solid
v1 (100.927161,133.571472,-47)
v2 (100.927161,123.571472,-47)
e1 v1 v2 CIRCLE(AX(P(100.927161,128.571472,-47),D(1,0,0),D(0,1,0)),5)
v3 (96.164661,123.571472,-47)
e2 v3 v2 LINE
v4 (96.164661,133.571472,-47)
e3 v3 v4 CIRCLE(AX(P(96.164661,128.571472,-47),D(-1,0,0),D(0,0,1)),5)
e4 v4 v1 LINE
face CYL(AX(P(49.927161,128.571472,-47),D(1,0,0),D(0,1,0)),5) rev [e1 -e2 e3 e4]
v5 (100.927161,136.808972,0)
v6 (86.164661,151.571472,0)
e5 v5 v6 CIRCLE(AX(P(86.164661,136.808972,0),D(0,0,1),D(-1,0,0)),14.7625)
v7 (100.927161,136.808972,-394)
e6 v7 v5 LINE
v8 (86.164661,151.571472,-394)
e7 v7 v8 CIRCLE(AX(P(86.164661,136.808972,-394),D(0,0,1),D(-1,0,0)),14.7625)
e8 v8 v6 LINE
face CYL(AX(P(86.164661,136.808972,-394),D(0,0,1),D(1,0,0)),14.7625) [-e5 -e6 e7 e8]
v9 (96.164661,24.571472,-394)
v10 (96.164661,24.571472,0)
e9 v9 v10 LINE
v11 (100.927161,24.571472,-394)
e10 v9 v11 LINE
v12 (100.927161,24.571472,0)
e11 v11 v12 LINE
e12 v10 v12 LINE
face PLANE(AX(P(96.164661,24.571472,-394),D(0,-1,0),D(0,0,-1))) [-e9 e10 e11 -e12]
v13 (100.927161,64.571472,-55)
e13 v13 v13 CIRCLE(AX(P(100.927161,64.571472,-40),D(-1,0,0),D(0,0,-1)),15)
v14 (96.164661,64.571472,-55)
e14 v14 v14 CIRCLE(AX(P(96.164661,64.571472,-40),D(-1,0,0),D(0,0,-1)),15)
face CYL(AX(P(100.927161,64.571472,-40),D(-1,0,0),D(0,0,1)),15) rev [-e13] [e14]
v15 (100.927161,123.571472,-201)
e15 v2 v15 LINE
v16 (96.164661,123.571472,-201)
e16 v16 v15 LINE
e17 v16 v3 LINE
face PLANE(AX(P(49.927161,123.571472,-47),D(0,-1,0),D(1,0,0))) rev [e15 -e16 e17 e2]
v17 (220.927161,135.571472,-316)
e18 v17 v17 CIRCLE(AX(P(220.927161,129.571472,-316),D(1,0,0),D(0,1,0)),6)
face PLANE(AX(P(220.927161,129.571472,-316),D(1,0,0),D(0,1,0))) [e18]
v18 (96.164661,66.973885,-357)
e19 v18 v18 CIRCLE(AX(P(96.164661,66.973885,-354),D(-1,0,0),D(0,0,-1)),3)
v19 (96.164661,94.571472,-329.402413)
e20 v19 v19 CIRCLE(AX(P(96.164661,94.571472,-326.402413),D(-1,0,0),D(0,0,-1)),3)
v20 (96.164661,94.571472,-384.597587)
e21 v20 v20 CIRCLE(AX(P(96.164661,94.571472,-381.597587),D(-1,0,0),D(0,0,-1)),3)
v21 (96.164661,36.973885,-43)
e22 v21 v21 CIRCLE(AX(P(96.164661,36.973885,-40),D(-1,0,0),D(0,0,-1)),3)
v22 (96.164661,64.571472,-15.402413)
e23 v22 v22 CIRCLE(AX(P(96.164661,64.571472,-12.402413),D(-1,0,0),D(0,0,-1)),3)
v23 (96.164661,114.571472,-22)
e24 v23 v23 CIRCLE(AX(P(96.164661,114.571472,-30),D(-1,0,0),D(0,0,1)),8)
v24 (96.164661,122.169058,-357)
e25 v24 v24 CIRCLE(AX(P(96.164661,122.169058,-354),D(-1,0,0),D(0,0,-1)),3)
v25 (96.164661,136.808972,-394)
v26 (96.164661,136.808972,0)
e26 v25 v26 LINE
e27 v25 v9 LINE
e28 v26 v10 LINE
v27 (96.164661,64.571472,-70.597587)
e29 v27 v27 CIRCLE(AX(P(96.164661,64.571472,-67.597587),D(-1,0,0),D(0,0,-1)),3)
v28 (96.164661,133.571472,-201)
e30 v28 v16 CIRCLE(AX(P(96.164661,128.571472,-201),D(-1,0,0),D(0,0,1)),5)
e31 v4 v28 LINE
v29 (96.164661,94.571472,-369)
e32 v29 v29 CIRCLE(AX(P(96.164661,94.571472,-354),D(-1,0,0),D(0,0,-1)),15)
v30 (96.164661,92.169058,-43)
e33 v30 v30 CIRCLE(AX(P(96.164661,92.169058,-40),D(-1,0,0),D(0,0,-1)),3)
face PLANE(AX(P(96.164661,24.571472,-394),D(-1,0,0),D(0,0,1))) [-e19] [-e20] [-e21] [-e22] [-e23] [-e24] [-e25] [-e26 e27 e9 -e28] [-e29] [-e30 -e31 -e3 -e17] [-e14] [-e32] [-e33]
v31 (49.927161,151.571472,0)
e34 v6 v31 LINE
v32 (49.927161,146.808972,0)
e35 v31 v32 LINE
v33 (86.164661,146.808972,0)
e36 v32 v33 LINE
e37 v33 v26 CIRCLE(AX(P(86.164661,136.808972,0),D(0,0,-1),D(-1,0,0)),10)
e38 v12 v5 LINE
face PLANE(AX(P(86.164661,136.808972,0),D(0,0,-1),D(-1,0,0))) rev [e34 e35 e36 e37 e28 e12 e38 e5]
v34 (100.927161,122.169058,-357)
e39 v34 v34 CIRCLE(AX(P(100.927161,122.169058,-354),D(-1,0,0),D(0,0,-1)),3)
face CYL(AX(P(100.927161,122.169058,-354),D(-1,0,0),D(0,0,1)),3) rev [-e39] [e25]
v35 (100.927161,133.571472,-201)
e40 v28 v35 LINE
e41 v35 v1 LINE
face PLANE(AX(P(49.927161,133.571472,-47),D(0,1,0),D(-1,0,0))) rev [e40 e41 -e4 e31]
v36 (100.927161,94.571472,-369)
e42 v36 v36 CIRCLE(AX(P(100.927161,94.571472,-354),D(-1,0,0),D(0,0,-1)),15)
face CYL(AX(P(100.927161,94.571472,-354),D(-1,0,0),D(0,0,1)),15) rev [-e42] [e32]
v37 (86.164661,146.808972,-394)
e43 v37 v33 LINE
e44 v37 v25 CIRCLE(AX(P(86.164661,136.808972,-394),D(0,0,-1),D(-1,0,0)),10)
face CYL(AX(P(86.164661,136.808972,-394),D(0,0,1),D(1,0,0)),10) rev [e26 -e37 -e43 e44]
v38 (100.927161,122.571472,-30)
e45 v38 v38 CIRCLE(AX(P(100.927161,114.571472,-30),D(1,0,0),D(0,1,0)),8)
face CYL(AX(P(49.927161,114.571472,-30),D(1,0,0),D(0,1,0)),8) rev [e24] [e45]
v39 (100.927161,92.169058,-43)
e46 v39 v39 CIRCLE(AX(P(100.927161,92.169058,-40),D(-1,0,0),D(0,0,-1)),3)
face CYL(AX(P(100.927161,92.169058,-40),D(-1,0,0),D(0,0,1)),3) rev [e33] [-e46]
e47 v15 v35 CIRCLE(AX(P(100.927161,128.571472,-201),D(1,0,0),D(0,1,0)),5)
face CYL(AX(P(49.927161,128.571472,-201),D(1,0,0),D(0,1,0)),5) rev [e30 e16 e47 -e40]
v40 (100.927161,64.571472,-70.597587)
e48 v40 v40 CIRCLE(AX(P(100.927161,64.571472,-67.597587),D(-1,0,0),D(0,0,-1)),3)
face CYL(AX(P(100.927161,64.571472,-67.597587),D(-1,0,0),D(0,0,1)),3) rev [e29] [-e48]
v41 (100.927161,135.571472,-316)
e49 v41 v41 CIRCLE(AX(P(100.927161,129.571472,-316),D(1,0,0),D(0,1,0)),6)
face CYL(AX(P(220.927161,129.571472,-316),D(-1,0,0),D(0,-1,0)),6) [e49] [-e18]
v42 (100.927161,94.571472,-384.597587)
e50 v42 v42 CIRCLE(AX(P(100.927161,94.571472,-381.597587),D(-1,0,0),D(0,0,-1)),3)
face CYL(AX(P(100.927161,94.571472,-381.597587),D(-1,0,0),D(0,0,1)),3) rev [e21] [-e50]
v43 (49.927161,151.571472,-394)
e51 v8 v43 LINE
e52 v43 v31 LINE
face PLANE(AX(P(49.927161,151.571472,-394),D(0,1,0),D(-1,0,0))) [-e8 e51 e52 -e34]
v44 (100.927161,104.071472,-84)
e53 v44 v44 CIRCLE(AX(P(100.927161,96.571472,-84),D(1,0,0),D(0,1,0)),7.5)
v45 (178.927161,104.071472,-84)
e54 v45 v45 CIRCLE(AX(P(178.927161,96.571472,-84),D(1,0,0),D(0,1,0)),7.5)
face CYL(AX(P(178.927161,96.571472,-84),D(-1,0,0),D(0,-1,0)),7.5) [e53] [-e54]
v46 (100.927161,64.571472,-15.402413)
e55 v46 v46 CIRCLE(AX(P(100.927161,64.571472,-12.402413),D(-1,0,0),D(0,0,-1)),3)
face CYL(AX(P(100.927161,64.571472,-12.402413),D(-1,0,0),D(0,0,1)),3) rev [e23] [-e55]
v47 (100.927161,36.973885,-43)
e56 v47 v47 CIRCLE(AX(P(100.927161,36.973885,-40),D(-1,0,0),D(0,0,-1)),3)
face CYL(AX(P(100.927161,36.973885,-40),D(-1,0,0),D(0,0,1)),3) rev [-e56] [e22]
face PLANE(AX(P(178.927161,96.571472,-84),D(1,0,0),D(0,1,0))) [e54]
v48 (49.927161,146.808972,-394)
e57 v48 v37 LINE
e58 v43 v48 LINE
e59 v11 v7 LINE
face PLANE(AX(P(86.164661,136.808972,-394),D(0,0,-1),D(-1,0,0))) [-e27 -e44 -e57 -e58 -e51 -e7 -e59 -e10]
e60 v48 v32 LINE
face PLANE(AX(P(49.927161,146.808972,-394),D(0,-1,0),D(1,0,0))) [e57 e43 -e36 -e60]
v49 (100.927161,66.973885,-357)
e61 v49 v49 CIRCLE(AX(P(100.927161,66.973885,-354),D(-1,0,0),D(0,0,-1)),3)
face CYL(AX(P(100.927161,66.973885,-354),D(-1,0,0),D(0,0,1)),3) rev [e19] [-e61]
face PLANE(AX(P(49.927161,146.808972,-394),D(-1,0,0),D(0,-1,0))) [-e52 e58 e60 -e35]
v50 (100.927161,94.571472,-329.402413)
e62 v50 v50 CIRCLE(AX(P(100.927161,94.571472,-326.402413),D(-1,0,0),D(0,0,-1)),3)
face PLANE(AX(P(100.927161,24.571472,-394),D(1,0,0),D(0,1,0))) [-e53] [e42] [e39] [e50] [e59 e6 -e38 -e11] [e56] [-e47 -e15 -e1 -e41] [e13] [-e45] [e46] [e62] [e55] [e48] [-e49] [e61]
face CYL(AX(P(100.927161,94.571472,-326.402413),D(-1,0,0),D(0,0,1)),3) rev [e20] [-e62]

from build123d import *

# Parameters (mm, degrees)
SALIENTE_EXTRUIR1_DEPTH = 394
CROQUIS2_R              = 3
CROQUIS2_R_2            = 15
CORTAR_EXTRUIR1_DEPTH   = 425.673777624
CROQUIS4_R              = 8
CORTAR_EXTRUIR3_DEPTH   = 426.218662567
CROQUIS5_R              = 7.5
SALIENTE_EXTRUIR2_DEPTH = 78
CROQUIS6_R              = 6
SALIENTE_EXTRUIR3_DEPTH = 120
CORTAR_EXTRUIR4_DEPTH   = 439.873456699


with BuildPart() as part:
    # Croquis1 → Saliente-Extruir1 (new body)
    with BuildSketch(Plane.XY):
        with BuildLine():
            Line((96.164660939, 24.571471574), (100.927160939, 24.571471574))
            Line((100.927160939, 24.571471574), (100.927160939, 136.808971574))
            ThreePointArc((100.927160939, 136.808971574), (96.603324796, 147.247635431), (86.164660939, 151.571471574))
            Line((86.164660939, 151.571471574), (49.927160939, 151.571471574))
            Line((49.927160939, 151.571471574), (49.927160939, 146.808971574))
            Line((49.927160939, 146.808971574), (86.164660939, 146.808971574))
            ThreePointArc((86.164660939, 146.808971574), (93.235728751, 143.880039386), (96.164660939, 136.808971574))
            Line((96.164660939, 136.808971574), (96.164660939, 24.571471574))
        make_face()
    extrude(amount=-SALIENTE_EXTRUIR1_DEPTH)

    # Croquis2 → Cortar-Extruir1 (cut, through all)
    with BuildSketch(Plane.ZY.offset(-96.164660939)):
        with Locations(Location((-40, 36.973884985, 0), (0, 0, 180))):
            Circle(CROQUIS2_R)
        with Locations(Location((-12.402413411, 64.571471574, 0), (0, 0, 180))):
            Circle(CROQUIS2_R)
        with Locations(Location((-67.597586589, 64.571471574, 0), (0, 0, 180))):
            Circle(CROQUIS2_R)
        with Locations(Location((-40, 92.169058163, 0), (0, 0, 180))):
            Circle(CROQUIS2_R)
        with Locations(Location((-40, 64.571471574, 0), (0, 0, 180))):
            Circle(CROQUIS2_R_2)
        with Locations(Location((-326.402413411, 94.571471574, 0), (0, 0, 180))):
            Circle(CROQUIS2_R)
        with Locations(Location((-354, 66.973884985, 0), (0, 0, 180))):
            Circle(CROQUIS2_R)
        with Locations(Location((-354, 94.571471574, 0), (0, 0, 180))):
            Circle(CROQUIS2_R_2)
        with Locations(Location((-381.597586589, 94.571471574, 0), (0, 0, 180))):
            Circle(CROQUIS2_R)
        with Locations(Location((-354, 122.169058163, 0), (0, 0, 180))):
            Circle(CROQUIS2_R)
    extrude(amount=-CORTAR_EXTRUIR1_DEPTH, mode=Mode.SUBTRACT)

    # Croquis4 → Cortar-Extruir3 (cut, through all)
    with BuildSketch(Plane(origin=(100.927160939, 0, 0), x_dir=(0, 0, -1), z_dir=(1, 0, 0))):
        with Locations(Location((30, 114.571471574, 0), (0, 0, 90))):
            Circle(CROQUIS4_R)
    extrude(amount=-CORTAR_EXTRUIR3_DEPTH, mode=Mode.SUBTRACT)

    # Croquis5 → Saliente-Extruir2 (add)
    with BuildSketch(Plane(origin=(100.927160939, 0, 0), x_dir=(0, 0, -1), z_dir=(1, 0, 0))):
        with Locations(Location((84, 96.571471574, 0), (0, 0, 90))):
            Circle(CROQUIS5_R)
    extrude(amount=SALIENTE_EXTRUIR2_DEPTH)

    # Croquis6 → Saliente-Extruir3 (add)
    with BuildSketch(Plane(origin=(100.927160939, 0, 0), x_dir=(0, 0, -1), z_dir=(1, 0, 0))):
        with Locations(Location((316, 129.571471574, 0), (0, 0, 90))):
            Circle(CROQUIS6_R)
    extrude(amount=SALIENTE_EXTRUIR3_DEPTH)

    # Croquis7 → Cortar-Extruir4 (cut, through all)
    with BuildSketch(Plane(origin=(100.927160939, 0, 0), x_dir=(0, 0, -1), z_dir=(1, 0, 0))):
        with BuildLine():
            Line((47, 133.571471574), (201, 133.571471574))
            ThreePointArc((201, 133.571471574), (206, 128.571471574), (201, 123.571471574))
            Line((201, 123.571471574), (47, 123.571471574))
            ThreePointArc((47, 123.571471574), (42, 128.571471574), (47, 133.571471574))
        make_face()
    extrude(amount=-CORTAR_EXTRUIR4_DEPTH, mode=Mode.SUBTRACT)


solid = part.part
